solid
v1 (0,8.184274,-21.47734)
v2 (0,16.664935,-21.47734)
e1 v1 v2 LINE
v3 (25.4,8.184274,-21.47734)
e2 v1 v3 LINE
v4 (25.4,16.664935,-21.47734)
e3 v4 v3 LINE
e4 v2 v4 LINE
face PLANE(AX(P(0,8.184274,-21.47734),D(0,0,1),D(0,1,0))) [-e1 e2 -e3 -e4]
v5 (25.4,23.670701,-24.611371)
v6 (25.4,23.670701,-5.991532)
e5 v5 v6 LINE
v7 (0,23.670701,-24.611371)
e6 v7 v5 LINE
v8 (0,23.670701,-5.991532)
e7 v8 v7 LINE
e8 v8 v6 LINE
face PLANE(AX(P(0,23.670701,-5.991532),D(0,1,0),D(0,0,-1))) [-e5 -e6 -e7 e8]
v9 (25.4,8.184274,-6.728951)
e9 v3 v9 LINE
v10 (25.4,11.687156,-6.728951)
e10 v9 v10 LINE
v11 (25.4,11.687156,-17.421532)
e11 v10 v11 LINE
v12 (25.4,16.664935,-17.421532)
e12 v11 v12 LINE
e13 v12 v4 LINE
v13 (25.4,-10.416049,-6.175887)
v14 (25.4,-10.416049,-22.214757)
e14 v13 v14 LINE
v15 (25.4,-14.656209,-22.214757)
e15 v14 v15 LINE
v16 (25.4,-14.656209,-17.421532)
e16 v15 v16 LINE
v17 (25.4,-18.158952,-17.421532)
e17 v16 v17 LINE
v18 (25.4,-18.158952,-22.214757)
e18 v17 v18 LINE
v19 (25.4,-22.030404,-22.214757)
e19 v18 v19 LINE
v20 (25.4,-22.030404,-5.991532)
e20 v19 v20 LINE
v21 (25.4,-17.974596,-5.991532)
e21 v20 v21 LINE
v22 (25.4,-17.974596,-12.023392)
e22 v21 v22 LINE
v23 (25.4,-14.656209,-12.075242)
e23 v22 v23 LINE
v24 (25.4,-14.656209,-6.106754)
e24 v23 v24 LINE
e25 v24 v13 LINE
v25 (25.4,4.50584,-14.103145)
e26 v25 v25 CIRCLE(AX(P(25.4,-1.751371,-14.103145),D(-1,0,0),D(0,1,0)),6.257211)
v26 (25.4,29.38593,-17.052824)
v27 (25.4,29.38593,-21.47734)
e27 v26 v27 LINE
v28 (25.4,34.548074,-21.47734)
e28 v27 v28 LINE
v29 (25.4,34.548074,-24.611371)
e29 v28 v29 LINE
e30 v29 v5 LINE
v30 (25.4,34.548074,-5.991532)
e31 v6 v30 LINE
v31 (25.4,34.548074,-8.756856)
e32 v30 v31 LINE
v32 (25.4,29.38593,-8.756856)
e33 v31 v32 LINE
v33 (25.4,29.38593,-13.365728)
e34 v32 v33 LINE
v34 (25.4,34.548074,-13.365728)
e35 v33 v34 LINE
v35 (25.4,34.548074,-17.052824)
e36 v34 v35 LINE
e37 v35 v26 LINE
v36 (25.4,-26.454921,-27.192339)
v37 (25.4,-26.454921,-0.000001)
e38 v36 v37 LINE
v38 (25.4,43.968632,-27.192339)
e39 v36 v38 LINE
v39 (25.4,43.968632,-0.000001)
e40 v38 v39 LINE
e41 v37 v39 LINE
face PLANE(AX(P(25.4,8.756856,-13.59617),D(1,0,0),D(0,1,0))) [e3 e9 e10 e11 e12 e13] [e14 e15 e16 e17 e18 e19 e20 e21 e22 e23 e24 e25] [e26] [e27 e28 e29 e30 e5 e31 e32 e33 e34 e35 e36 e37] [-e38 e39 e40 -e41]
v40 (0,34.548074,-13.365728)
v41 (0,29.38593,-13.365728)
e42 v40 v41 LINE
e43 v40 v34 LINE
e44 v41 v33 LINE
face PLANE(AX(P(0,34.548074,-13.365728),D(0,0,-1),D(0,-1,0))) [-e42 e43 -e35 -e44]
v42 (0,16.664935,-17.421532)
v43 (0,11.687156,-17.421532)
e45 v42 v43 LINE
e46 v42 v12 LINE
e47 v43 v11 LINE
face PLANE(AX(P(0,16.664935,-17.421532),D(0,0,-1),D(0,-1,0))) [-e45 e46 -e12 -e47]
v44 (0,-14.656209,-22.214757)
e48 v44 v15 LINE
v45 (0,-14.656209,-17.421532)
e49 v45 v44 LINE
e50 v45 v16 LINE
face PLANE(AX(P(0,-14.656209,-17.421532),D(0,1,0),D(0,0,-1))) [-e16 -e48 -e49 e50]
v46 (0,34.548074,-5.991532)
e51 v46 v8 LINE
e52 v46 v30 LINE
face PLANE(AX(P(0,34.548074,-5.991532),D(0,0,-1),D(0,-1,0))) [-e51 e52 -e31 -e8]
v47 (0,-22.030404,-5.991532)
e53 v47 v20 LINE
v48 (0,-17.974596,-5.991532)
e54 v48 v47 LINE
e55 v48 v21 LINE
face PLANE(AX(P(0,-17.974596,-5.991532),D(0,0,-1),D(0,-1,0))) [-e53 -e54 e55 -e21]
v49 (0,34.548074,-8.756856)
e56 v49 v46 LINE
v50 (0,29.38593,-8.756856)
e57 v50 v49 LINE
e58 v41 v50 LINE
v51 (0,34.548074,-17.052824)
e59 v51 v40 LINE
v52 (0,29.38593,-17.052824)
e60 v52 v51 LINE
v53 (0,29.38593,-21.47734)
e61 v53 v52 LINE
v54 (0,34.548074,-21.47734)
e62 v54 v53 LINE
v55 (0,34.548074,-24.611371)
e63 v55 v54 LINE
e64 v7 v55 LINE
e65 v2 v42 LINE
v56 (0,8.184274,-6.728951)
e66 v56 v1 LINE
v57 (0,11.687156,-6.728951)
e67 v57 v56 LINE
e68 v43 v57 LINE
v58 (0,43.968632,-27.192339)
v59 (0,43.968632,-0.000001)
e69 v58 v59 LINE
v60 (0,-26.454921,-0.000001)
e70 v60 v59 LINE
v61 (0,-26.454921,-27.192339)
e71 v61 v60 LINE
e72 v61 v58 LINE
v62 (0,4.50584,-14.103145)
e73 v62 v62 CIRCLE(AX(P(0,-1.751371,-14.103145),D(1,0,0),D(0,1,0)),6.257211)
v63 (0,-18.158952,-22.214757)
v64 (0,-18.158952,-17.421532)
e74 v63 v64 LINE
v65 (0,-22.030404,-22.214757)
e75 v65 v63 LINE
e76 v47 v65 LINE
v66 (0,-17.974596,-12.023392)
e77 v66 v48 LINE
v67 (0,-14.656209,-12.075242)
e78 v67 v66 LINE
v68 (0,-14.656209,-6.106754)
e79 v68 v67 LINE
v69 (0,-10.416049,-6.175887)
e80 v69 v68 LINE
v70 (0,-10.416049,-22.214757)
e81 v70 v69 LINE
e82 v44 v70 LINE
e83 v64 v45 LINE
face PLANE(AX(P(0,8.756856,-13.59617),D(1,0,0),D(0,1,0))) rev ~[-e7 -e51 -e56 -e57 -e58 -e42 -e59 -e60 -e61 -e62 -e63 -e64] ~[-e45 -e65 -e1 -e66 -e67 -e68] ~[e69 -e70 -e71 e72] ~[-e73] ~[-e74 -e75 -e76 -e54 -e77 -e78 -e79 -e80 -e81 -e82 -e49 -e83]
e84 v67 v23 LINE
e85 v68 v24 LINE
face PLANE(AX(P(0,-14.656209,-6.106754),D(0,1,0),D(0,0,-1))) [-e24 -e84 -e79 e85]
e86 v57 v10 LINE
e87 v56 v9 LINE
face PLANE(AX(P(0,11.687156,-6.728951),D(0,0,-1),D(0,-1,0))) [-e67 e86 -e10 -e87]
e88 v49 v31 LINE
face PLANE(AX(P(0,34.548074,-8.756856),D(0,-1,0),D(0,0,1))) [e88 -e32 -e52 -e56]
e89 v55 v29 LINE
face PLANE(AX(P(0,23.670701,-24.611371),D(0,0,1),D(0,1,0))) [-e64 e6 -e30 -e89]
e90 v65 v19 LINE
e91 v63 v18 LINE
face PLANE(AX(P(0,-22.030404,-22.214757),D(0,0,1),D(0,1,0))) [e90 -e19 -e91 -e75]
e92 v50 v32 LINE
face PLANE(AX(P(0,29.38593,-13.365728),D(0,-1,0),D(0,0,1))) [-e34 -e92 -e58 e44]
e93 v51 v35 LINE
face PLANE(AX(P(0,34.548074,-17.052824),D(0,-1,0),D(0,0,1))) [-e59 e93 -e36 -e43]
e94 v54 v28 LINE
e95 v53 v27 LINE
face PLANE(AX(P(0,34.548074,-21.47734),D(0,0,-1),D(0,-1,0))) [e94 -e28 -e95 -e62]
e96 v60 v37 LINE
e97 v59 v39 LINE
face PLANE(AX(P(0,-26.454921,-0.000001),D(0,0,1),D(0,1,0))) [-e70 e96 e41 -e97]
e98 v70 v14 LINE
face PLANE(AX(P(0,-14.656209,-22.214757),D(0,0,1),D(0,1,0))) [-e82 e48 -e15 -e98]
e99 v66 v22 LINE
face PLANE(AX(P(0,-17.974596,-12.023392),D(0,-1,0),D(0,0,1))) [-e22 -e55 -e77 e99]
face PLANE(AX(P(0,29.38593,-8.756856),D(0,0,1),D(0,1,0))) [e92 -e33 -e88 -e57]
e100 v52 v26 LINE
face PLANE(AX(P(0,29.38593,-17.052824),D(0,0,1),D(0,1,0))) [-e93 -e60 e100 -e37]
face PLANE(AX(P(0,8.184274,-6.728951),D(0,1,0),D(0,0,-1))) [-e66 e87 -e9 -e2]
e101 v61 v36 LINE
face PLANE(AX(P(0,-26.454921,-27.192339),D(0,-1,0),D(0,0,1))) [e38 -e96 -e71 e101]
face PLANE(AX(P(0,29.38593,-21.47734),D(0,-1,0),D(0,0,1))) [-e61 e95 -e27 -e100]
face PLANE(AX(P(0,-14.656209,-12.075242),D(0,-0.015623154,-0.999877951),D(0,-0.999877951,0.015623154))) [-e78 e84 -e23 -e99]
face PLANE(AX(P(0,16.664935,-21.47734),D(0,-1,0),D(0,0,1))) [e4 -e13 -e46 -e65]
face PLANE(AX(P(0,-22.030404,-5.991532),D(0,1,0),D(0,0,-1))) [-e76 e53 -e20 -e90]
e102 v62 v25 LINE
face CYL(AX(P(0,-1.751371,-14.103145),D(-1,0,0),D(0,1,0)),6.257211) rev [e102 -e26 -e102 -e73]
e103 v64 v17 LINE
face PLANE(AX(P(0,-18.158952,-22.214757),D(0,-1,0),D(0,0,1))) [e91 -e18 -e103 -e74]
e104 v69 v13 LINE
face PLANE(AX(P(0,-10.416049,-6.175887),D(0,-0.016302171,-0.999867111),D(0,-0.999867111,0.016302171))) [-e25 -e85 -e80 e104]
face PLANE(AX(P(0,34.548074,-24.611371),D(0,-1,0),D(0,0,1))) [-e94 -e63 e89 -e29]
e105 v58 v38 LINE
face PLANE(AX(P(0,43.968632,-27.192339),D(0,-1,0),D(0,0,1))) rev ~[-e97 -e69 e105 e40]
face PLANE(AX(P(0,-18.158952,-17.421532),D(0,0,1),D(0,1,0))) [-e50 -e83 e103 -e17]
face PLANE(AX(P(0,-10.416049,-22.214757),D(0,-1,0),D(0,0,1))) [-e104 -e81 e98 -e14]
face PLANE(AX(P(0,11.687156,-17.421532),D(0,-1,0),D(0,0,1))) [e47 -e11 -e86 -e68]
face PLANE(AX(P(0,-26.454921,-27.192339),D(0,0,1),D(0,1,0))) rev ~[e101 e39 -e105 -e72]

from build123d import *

# Parameters (mm, degrees)
F0_W     = 70.423553
F0_H     = 27.192339
F1_DEPTH = 25.4
F2_R     = 6.257211
F3_DEPTH = 38.1


with BuildPart() as f1:
    # F0 (on Right) → F1 (new body)
    with BuildSketch(Plane.YZ):
        with Locations((8.756856, -13.59617)):
            Rectangle(F0_W, F0_H)
    extrude(amount=F1_DEPTH)

    # F2 (on Right) → F3 (cut)
    with BuildSketch(Plane.YZ):
        with Locations((-1.751371, -14.103145)):
            Circle(F2_R)
        Polygon((-17.974596, -5.991532), (-22.030404, -5.991532), (-22.030404, -22.214757), (-18.158952, -22.214757), (-18.158952, -17.421532), (-14.656209, -17.421532), (-14.656209, -22.214757), (-10.416049, -22.214757), (-10.416049, -6.175887), (-14.656209, -6.106754), (-14.656209, -12.075242), (-17.974596, -12.023392), align=None)
        Polygon((11.687156, -6.728951), (8.184274, -6.728951), (8.184274, -21.47734), (16.664935, -21.47734), (16.664935, -17.421532), (11.687156, -17.421532), align=None)
        Polygon((34.548074, -5.991532), (23.670701, -5.991532), (23.670701, -24.611371), (34.548074, -24.611371), (34.548074, -21.47734), (29.38593, -21.47734), (29.38593, -17.052824), (34.548074, -17.052824), (34.548074, -13.365728), (29.38593, -13.365728), (29.38593, -8.756856), (34.548074, -8.756856), align=None)
    extrude(amount=F3_DEPTH, mode=Mode.SUBTRACT)


solid = f1.part
